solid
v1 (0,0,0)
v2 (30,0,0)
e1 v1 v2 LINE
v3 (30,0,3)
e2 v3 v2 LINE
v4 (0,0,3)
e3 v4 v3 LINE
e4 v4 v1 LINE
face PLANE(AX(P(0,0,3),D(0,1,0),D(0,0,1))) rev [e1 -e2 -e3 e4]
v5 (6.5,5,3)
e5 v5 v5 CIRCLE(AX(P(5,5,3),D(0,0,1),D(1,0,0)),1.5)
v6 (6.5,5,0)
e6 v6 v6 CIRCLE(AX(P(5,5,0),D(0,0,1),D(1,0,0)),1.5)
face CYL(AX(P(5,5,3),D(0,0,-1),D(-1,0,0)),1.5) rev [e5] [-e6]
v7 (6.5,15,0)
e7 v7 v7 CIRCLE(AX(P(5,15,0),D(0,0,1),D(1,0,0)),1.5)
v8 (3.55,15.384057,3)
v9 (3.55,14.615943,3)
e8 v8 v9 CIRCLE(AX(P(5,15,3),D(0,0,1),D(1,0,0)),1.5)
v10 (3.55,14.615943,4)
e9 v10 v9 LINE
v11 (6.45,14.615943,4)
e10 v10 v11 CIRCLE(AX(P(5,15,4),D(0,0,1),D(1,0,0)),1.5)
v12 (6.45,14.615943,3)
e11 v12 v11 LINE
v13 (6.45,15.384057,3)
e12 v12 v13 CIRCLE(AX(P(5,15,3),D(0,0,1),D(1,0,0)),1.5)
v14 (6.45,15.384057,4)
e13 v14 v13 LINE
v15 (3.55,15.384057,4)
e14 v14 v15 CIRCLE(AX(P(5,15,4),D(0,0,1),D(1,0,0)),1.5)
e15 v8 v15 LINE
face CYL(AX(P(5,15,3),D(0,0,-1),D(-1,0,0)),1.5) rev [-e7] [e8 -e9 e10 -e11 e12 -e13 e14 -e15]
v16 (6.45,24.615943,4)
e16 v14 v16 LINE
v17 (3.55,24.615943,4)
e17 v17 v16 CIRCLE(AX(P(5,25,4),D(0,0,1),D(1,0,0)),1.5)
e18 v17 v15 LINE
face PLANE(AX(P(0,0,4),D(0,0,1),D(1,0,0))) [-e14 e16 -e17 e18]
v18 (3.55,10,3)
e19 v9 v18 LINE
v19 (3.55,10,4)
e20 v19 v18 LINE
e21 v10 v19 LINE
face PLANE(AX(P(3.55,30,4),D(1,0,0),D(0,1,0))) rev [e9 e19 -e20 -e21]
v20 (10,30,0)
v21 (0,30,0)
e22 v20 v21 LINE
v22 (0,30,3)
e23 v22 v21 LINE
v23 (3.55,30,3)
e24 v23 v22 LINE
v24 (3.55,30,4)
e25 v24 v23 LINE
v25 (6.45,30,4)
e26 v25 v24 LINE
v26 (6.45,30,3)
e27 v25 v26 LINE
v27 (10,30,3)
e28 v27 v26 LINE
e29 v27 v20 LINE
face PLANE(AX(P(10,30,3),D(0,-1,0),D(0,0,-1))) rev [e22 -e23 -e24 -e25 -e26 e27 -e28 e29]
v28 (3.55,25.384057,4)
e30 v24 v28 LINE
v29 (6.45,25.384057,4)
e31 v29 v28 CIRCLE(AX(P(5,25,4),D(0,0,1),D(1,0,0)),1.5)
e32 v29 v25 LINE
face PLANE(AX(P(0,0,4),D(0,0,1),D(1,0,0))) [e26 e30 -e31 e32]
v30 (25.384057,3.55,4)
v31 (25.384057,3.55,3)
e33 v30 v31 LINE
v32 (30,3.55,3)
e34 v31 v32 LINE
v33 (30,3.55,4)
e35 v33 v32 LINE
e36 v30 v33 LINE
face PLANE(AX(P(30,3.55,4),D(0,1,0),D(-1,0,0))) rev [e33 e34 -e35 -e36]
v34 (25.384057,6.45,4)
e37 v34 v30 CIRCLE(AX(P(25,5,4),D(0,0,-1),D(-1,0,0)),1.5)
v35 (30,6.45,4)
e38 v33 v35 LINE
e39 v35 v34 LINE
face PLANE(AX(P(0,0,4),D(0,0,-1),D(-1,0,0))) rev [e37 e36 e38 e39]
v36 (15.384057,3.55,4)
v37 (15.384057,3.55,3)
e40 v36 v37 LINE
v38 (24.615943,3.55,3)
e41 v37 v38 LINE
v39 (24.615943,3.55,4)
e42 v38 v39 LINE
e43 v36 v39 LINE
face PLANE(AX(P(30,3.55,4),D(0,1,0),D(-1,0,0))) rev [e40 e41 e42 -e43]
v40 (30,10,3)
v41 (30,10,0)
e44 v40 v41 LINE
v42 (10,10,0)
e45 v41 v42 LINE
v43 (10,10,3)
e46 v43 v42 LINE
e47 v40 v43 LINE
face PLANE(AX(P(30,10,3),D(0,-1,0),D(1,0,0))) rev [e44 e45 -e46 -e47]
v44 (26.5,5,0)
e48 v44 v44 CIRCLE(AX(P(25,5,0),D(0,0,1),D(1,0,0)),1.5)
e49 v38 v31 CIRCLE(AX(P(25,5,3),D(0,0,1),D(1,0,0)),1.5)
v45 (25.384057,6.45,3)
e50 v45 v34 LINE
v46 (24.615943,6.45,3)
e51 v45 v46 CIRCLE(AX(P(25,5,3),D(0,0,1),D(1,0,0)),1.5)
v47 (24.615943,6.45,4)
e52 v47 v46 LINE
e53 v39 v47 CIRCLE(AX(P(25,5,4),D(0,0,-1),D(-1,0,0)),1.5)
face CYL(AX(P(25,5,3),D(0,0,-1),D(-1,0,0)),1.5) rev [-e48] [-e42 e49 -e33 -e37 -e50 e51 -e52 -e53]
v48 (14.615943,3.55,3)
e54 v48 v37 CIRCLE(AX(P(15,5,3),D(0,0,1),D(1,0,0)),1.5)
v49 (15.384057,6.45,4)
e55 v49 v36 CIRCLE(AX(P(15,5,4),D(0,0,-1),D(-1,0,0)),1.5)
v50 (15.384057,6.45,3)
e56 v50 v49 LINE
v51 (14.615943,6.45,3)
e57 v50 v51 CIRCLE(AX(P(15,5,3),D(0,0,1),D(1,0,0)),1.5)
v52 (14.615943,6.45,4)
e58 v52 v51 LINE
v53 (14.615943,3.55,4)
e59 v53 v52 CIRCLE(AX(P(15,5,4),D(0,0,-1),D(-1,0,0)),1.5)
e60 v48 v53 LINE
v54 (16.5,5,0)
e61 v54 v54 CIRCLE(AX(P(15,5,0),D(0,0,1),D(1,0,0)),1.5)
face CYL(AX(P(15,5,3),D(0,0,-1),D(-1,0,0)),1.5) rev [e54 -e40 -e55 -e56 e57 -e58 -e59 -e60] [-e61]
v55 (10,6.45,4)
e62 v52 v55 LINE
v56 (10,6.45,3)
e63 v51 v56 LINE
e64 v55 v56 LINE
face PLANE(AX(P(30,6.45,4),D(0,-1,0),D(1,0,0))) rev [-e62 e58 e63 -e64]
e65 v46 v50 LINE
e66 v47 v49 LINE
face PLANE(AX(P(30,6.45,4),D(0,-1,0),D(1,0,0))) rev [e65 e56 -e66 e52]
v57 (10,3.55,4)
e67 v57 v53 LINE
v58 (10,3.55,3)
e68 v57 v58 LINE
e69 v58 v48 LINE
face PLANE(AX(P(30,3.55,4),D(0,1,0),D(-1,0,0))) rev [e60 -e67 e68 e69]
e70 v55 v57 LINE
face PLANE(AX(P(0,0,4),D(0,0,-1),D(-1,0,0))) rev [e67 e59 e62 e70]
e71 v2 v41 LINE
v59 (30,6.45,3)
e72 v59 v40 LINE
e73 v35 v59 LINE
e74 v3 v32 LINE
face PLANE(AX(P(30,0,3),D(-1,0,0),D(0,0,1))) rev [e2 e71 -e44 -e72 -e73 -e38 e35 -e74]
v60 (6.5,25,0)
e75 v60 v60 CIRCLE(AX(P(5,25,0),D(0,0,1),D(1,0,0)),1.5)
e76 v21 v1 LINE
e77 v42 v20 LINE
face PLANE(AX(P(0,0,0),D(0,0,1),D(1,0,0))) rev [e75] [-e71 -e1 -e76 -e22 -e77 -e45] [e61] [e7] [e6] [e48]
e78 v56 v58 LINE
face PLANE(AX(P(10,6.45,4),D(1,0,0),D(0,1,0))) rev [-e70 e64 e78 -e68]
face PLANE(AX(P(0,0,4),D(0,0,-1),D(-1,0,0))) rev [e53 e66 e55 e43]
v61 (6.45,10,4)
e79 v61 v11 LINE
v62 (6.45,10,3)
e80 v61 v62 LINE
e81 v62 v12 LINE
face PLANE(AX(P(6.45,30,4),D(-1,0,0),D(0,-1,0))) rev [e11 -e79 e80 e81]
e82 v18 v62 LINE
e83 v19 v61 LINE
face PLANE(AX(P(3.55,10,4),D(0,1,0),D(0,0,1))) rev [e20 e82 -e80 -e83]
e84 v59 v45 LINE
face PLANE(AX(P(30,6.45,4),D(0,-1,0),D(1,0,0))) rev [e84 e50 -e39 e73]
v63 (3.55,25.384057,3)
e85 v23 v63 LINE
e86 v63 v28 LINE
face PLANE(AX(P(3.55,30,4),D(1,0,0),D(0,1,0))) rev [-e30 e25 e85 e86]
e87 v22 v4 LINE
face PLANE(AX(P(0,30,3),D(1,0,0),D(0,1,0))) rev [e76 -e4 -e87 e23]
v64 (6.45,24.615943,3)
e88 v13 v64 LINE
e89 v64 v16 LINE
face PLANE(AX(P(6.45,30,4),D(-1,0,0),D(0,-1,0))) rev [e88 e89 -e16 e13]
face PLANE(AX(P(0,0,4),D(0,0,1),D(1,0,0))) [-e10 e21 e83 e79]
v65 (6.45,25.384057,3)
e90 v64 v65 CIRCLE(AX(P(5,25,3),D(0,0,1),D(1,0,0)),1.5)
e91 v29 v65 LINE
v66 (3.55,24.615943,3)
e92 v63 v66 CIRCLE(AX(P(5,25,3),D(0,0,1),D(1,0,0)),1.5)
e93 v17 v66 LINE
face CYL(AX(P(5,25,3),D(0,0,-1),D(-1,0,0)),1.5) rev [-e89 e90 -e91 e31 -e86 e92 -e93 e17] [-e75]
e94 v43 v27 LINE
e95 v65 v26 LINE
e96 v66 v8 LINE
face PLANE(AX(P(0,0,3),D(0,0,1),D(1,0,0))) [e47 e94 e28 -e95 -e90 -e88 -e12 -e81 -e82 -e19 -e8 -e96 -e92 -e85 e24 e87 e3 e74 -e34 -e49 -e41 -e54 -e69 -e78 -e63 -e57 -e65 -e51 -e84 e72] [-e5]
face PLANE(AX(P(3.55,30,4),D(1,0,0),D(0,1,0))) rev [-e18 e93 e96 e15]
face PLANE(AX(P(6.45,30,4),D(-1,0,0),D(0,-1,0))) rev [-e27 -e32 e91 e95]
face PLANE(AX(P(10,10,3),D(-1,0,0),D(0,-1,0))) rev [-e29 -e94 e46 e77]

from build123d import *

# Parameters (mm, degrees)
ESQUISSE1_R             = 1.5
BOSS_EXTRU_1_DEPTH      = 3
ESQUISSE2_W             = 2.9
ESQUISSE2_H             = 20
ESQUISSE2_W_2           = 20
ESQUISSE2_H_2           = 2.9
BOSS_EXTRU_2_DEPTH      = 1
ESQUISSE3_R             = 1.5
ENL_V_MAT_EXTRU_1_DEPTH = 5


with BuildPart() as part:
    # Esquisse1 → Boss.-Extru.1 (new body)
    with BuildSketch(Plane.XY):
        Polygon((0, 0), (30, 0), (30, 10), (10, 10), (10, 30), (0, 30), align=None)
        with Locations((5, 25)):
            Circle(ESQUISSE1_R, mode=Mode.SUBTRACT)
        with Locations((5, 15)):
            Circle(ESQUISSE1_R, mode=Mode.SUBTRACT)
        with Locations((5, 5)):
            Circle(ESQUISSE1_R, mode=Mode.SUBTRACT)
        with Locations((15, 5)):
            Circle(ESQUISSE1_R, mode=Mode.SUBTRACT)
        with Locations((25, 5)):
            Circle(ESQUISSE1_R, mode=Mode.SUBTRACT)
    extrude(amount=BOSS_EXTRU_1_DEPTH)

    # Esquisse2 → Boss.-Extru.2 (add)
    with BuildSketch(Plane.XY.offset(3)):
        with Locations((5, 20)):
            Rectangle(ESQUISSE2_W, ESQUISSE2_H)
        with Locations((20, 5)):
            Rectangle(ESQUISSE2_W_2, ESQUISSE2_H_2)
    extrude(amount=BOSS_EXTRU_2_DEPTH)

    # Esquisse3 → Enlèv. mat.-Extru.1 (cut, through all)
    with BuildSketch(Plane.XY.offset(4)):
        with Locations((5, 25)):
            Circle(ESQUISSE3_R)
        with Locations((5, 15)):
            Circle(ESQUISSE3_R)
        with Locations((15, 5)):
            Circle(ESQUISSE3_R)
        with Locations((25, 5)):
            Circle(ESQUISSE3_R)
    extrude(amount=-ENL_V_MAT_EXTRU_1_DEPTH, mode=Mode.SUBTRACT)


solid = part.part
